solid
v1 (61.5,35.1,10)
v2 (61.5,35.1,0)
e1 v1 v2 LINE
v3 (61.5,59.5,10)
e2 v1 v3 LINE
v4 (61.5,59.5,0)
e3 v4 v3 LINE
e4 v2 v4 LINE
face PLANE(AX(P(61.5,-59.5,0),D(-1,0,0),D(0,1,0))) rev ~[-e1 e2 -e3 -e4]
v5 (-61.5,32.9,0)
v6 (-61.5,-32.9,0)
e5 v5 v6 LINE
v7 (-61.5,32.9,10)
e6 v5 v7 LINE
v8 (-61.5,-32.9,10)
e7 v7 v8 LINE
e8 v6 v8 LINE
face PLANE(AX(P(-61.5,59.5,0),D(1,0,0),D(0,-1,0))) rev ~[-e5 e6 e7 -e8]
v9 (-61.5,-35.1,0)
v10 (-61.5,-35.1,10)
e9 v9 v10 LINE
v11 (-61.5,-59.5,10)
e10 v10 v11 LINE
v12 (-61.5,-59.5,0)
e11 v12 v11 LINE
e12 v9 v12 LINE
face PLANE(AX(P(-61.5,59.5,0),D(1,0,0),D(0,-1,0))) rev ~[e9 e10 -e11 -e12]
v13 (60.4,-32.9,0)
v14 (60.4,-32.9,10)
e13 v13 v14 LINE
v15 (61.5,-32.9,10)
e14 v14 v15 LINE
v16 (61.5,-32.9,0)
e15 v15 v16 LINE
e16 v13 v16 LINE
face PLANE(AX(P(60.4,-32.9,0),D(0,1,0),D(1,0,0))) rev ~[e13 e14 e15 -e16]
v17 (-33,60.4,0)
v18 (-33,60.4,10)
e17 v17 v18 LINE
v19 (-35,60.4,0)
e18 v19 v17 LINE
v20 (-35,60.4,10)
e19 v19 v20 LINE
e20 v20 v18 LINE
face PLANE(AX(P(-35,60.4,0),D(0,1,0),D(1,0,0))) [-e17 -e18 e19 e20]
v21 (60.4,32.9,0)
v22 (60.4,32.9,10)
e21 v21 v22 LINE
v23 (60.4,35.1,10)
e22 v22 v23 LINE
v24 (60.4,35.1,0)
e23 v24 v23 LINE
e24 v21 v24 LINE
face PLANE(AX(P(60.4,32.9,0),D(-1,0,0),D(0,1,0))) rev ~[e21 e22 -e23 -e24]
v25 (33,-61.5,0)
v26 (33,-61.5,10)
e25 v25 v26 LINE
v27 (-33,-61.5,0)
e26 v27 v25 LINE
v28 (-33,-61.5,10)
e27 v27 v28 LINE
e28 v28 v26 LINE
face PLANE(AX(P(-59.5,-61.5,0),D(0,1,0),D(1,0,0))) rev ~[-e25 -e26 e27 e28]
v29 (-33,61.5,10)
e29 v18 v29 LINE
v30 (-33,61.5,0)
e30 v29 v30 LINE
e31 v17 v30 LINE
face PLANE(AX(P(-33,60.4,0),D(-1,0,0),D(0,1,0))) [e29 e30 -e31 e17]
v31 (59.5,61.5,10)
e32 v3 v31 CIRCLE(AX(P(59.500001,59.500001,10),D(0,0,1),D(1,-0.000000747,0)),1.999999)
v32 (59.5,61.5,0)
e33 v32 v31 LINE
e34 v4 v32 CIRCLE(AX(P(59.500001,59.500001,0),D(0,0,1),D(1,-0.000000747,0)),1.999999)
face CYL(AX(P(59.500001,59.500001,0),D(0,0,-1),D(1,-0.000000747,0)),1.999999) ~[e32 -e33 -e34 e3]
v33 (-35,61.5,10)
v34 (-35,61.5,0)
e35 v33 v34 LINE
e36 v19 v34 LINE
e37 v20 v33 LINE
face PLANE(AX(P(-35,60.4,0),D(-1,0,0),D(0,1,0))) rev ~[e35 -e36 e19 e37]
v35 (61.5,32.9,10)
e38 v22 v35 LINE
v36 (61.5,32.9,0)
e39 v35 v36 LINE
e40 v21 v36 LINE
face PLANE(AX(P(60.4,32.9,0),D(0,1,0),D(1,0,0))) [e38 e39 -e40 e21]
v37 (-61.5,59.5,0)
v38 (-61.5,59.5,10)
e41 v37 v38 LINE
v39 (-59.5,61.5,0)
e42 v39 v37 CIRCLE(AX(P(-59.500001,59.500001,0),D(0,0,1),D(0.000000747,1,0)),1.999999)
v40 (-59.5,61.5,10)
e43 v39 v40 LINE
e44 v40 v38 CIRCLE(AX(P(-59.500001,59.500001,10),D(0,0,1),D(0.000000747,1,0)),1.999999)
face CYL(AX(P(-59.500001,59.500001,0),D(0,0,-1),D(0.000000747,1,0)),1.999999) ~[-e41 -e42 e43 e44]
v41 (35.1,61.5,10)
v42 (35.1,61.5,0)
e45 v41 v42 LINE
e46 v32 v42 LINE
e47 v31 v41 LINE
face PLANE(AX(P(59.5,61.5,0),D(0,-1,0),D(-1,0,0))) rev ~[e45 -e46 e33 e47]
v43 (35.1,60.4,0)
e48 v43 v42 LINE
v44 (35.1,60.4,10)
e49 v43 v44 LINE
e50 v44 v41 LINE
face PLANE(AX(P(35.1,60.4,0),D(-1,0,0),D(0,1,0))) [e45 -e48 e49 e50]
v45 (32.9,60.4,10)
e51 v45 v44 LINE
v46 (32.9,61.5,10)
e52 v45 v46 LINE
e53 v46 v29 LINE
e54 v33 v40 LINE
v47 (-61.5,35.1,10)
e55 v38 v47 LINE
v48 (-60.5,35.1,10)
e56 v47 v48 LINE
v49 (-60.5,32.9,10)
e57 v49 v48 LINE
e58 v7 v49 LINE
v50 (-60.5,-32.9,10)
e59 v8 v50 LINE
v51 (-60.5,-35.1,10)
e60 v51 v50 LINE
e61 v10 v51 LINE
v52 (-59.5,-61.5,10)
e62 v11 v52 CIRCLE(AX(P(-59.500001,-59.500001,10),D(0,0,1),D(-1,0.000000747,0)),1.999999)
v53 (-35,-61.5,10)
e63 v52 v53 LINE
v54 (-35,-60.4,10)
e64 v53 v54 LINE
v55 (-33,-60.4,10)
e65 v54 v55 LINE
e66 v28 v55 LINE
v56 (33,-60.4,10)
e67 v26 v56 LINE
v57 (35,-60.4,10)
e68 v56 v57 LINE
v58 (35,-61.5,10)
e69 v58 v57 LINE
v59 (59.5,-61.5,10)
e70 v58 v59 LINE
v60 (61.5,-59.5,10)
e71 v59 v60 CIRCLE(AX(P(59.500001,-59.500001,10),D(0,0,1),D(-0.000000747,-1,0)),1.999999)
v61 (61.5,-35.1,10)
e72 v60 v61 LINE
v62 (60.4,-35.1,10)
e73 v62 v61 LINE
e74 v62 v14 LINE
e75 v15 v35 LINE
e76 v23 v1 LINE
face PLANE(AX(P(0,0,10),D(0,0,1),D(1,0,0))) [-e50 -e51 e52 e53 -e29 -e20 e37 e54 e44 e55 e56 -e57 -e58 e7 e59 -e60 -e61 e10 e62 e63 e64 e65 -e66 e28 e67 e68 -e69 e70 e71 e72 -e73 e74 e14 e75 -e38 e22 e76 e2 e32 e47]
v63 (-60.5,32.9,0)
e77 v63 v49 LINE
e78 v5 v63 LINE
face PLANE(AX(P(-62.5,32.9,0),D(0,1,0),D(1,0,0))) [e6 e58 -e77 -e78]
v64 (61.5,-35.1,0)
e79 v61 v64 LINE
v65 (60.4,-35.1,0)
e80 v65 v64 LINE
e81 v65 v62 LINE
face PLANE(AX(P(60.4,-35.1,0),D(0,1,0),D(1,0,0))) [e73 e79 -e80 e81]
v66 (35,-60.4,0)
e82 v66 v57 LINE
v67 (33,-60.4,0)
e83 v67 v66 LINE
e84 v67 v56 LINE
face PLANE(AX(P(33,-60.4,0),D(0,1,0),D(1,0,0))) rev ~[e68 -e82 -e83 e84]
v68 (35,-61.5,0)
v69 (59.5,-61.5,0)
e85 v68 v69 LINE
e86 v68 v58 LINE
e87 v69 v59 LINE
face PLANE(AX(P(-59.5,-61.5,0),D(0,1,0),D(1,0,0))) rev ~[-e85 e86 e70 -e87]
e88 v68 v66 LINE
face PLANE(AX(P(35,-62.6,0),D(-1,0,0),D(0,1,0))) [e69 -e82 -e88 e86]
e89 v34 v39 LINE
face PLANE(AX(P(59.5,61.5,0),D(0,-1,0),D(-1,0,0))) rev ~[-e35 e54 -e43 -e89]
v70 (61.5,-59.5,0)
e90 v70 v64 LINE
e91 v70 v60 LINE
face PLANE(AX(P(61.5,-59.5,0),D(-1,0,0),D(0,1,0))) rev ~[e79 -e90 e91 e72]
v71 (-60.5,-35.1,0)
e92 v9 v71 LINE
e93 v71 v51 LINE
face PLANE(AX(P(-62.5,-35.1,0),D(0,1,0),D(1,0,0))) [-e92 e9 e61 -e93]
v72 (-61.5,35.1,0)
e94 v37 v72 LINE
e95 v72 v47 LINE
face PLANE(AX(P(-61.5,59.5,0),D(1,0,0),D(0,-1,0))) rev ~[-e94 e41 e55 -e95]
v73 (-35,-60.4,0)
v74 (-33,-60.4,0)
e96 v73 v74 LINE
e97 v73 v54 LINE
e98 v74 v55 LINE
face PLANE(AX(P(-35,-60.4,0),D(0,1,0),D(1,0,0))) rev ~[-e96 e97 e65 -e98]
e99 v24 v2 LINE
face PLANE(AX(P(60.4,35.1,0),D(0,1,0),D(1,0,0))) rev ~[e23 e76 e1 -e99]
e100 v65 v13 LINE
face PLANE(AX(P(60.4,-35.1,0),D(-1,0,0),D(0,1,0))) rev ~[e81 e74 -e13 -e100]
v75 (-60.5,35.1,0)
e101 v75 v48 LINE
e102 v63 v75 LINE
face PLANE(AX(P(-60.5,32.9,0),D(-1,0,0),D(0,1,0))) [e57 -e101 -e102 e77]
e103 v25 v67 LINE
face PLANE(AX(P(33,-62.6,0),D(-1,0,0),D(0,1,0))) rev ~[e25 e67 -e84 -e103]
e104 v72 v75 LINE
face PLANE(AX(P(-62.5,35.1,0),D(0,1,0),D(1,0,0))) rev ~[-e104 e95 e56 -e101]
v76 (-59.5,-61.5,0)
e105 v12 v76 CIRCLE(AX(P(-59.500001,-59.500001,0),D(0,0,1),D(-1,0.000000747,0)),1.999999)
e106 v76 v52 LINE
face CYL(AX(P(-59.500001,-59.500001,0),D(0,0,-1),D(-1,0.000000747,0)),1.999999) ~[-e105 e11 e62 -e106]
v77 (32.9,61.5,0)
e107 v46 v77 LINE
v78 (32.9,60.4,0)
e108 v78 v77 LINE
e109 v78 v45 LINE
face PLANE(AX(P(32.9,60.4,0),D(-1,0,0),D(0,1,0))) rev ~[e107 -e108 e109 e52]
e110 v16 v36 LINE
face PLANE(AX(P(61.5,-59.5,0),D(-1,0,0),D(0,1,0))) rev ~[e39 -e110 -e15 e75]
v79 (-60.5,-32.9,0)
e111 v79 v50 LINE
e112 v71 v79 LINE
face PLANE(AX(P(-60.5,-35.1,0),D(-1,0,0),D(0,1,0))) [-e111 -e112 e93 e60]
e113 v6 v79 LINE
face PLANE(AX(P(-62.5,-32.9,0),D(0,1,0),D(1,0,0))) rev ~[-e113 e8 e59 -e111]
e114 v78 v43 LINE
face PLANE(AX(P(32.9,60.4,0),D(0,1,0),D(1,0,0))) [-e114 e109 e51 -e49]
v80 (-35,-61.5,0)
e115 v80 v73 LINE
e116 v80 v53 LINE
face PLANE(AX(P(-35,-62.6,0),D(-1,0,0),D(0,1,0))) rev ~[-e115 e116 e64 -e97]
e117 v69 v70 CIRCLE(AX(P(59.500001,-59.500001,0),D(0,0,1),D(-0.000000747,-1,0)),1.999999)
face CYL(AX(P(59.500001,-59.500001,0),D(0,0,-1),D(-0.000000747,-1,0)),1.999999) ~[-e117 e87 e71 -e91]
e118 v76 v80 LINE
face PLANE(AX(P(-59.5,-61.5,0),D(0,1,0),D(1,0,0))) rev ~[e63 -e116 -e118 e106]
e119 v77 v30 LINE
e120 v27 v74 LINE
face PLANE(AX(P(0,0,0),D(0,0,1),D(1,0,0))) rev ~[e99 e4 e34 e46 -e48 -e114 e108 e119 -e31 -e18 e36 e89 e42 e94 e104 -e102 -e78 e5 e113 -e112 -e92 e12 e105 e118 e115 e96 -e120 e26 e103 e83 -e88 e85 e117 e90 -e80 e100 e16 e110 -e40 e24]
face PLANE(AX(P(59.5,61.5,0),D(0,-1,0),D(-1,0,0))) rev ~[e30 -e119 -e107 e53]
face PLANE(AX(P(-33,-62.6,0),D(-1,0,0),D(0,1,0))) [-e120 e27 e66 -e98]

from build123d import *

# Parameters (mm, degrees)
F2_DEPTH = 10
F1_W     = 2
F1_H     = 2.2
F1_W_2   = 2.2
F3_DEPTH = 10


with BuildPart() as f2:
    # F0 (on Top) → F2 (new body)
    with BuildSketch(Plane.XY):
        with BuildLine():
            ThreePointArc((61.5, 59.5), (60.914214, 60.914214), (59.5, 61.5))
            Line((59.5, 61.5), (-59.5, 61.5))
            ThreePointArc((-59.5, 61.5), (-60.914214, 60.914214), (-61.5, 59.5))
            Line((-61.5, 59.5), (-61.5, -59.5))
            ThreePointArc((-61.5, -59.5), (-60.914214, -60.914214), (-59.5, -61.5))
            Line((-59.5, -61.5), (59.5, -61.5))
            ThreePointArc((59.5, -61.5), (60.914214, -60.914214), (61.5, -59.5))
            Line((61.5, -59.5), (61.5, 59.5))
        make_face()
    extrude(amount=F2_DEPTH)

    # F1 (on Top) → F3 (cut)
    with BuildSketch(Plane.XY):
        with Locations((-34, 61.5)):
            Rectangle(F1_W, F1_H)
        with Locations((34, 61.5)):
            Rectangle(F1_W_2, F1_H)
        with Locations((61.5, 34)):
            Rectangle(F1_W_2, F1_H)
        with Locations((61.5, -34)):
            Rectangle(F1_W_2, F1_H)
        with Locations((34, -61.5)):
            Rectangle(F1_W, F1_H)
        with Locations((-34, -61.5)):
            Rectangle(F1_W, F1_H)
        with Locations((-61.5, -34)):
            Rectangle(F1_W, F1_H)
        with Locations((-61.5, 34)):
            Rectangle(F1_W, F1_H)
    extrude(amount=F3_DEPTH, mode=Mode.SUBTRACT)


solid = f2.part
